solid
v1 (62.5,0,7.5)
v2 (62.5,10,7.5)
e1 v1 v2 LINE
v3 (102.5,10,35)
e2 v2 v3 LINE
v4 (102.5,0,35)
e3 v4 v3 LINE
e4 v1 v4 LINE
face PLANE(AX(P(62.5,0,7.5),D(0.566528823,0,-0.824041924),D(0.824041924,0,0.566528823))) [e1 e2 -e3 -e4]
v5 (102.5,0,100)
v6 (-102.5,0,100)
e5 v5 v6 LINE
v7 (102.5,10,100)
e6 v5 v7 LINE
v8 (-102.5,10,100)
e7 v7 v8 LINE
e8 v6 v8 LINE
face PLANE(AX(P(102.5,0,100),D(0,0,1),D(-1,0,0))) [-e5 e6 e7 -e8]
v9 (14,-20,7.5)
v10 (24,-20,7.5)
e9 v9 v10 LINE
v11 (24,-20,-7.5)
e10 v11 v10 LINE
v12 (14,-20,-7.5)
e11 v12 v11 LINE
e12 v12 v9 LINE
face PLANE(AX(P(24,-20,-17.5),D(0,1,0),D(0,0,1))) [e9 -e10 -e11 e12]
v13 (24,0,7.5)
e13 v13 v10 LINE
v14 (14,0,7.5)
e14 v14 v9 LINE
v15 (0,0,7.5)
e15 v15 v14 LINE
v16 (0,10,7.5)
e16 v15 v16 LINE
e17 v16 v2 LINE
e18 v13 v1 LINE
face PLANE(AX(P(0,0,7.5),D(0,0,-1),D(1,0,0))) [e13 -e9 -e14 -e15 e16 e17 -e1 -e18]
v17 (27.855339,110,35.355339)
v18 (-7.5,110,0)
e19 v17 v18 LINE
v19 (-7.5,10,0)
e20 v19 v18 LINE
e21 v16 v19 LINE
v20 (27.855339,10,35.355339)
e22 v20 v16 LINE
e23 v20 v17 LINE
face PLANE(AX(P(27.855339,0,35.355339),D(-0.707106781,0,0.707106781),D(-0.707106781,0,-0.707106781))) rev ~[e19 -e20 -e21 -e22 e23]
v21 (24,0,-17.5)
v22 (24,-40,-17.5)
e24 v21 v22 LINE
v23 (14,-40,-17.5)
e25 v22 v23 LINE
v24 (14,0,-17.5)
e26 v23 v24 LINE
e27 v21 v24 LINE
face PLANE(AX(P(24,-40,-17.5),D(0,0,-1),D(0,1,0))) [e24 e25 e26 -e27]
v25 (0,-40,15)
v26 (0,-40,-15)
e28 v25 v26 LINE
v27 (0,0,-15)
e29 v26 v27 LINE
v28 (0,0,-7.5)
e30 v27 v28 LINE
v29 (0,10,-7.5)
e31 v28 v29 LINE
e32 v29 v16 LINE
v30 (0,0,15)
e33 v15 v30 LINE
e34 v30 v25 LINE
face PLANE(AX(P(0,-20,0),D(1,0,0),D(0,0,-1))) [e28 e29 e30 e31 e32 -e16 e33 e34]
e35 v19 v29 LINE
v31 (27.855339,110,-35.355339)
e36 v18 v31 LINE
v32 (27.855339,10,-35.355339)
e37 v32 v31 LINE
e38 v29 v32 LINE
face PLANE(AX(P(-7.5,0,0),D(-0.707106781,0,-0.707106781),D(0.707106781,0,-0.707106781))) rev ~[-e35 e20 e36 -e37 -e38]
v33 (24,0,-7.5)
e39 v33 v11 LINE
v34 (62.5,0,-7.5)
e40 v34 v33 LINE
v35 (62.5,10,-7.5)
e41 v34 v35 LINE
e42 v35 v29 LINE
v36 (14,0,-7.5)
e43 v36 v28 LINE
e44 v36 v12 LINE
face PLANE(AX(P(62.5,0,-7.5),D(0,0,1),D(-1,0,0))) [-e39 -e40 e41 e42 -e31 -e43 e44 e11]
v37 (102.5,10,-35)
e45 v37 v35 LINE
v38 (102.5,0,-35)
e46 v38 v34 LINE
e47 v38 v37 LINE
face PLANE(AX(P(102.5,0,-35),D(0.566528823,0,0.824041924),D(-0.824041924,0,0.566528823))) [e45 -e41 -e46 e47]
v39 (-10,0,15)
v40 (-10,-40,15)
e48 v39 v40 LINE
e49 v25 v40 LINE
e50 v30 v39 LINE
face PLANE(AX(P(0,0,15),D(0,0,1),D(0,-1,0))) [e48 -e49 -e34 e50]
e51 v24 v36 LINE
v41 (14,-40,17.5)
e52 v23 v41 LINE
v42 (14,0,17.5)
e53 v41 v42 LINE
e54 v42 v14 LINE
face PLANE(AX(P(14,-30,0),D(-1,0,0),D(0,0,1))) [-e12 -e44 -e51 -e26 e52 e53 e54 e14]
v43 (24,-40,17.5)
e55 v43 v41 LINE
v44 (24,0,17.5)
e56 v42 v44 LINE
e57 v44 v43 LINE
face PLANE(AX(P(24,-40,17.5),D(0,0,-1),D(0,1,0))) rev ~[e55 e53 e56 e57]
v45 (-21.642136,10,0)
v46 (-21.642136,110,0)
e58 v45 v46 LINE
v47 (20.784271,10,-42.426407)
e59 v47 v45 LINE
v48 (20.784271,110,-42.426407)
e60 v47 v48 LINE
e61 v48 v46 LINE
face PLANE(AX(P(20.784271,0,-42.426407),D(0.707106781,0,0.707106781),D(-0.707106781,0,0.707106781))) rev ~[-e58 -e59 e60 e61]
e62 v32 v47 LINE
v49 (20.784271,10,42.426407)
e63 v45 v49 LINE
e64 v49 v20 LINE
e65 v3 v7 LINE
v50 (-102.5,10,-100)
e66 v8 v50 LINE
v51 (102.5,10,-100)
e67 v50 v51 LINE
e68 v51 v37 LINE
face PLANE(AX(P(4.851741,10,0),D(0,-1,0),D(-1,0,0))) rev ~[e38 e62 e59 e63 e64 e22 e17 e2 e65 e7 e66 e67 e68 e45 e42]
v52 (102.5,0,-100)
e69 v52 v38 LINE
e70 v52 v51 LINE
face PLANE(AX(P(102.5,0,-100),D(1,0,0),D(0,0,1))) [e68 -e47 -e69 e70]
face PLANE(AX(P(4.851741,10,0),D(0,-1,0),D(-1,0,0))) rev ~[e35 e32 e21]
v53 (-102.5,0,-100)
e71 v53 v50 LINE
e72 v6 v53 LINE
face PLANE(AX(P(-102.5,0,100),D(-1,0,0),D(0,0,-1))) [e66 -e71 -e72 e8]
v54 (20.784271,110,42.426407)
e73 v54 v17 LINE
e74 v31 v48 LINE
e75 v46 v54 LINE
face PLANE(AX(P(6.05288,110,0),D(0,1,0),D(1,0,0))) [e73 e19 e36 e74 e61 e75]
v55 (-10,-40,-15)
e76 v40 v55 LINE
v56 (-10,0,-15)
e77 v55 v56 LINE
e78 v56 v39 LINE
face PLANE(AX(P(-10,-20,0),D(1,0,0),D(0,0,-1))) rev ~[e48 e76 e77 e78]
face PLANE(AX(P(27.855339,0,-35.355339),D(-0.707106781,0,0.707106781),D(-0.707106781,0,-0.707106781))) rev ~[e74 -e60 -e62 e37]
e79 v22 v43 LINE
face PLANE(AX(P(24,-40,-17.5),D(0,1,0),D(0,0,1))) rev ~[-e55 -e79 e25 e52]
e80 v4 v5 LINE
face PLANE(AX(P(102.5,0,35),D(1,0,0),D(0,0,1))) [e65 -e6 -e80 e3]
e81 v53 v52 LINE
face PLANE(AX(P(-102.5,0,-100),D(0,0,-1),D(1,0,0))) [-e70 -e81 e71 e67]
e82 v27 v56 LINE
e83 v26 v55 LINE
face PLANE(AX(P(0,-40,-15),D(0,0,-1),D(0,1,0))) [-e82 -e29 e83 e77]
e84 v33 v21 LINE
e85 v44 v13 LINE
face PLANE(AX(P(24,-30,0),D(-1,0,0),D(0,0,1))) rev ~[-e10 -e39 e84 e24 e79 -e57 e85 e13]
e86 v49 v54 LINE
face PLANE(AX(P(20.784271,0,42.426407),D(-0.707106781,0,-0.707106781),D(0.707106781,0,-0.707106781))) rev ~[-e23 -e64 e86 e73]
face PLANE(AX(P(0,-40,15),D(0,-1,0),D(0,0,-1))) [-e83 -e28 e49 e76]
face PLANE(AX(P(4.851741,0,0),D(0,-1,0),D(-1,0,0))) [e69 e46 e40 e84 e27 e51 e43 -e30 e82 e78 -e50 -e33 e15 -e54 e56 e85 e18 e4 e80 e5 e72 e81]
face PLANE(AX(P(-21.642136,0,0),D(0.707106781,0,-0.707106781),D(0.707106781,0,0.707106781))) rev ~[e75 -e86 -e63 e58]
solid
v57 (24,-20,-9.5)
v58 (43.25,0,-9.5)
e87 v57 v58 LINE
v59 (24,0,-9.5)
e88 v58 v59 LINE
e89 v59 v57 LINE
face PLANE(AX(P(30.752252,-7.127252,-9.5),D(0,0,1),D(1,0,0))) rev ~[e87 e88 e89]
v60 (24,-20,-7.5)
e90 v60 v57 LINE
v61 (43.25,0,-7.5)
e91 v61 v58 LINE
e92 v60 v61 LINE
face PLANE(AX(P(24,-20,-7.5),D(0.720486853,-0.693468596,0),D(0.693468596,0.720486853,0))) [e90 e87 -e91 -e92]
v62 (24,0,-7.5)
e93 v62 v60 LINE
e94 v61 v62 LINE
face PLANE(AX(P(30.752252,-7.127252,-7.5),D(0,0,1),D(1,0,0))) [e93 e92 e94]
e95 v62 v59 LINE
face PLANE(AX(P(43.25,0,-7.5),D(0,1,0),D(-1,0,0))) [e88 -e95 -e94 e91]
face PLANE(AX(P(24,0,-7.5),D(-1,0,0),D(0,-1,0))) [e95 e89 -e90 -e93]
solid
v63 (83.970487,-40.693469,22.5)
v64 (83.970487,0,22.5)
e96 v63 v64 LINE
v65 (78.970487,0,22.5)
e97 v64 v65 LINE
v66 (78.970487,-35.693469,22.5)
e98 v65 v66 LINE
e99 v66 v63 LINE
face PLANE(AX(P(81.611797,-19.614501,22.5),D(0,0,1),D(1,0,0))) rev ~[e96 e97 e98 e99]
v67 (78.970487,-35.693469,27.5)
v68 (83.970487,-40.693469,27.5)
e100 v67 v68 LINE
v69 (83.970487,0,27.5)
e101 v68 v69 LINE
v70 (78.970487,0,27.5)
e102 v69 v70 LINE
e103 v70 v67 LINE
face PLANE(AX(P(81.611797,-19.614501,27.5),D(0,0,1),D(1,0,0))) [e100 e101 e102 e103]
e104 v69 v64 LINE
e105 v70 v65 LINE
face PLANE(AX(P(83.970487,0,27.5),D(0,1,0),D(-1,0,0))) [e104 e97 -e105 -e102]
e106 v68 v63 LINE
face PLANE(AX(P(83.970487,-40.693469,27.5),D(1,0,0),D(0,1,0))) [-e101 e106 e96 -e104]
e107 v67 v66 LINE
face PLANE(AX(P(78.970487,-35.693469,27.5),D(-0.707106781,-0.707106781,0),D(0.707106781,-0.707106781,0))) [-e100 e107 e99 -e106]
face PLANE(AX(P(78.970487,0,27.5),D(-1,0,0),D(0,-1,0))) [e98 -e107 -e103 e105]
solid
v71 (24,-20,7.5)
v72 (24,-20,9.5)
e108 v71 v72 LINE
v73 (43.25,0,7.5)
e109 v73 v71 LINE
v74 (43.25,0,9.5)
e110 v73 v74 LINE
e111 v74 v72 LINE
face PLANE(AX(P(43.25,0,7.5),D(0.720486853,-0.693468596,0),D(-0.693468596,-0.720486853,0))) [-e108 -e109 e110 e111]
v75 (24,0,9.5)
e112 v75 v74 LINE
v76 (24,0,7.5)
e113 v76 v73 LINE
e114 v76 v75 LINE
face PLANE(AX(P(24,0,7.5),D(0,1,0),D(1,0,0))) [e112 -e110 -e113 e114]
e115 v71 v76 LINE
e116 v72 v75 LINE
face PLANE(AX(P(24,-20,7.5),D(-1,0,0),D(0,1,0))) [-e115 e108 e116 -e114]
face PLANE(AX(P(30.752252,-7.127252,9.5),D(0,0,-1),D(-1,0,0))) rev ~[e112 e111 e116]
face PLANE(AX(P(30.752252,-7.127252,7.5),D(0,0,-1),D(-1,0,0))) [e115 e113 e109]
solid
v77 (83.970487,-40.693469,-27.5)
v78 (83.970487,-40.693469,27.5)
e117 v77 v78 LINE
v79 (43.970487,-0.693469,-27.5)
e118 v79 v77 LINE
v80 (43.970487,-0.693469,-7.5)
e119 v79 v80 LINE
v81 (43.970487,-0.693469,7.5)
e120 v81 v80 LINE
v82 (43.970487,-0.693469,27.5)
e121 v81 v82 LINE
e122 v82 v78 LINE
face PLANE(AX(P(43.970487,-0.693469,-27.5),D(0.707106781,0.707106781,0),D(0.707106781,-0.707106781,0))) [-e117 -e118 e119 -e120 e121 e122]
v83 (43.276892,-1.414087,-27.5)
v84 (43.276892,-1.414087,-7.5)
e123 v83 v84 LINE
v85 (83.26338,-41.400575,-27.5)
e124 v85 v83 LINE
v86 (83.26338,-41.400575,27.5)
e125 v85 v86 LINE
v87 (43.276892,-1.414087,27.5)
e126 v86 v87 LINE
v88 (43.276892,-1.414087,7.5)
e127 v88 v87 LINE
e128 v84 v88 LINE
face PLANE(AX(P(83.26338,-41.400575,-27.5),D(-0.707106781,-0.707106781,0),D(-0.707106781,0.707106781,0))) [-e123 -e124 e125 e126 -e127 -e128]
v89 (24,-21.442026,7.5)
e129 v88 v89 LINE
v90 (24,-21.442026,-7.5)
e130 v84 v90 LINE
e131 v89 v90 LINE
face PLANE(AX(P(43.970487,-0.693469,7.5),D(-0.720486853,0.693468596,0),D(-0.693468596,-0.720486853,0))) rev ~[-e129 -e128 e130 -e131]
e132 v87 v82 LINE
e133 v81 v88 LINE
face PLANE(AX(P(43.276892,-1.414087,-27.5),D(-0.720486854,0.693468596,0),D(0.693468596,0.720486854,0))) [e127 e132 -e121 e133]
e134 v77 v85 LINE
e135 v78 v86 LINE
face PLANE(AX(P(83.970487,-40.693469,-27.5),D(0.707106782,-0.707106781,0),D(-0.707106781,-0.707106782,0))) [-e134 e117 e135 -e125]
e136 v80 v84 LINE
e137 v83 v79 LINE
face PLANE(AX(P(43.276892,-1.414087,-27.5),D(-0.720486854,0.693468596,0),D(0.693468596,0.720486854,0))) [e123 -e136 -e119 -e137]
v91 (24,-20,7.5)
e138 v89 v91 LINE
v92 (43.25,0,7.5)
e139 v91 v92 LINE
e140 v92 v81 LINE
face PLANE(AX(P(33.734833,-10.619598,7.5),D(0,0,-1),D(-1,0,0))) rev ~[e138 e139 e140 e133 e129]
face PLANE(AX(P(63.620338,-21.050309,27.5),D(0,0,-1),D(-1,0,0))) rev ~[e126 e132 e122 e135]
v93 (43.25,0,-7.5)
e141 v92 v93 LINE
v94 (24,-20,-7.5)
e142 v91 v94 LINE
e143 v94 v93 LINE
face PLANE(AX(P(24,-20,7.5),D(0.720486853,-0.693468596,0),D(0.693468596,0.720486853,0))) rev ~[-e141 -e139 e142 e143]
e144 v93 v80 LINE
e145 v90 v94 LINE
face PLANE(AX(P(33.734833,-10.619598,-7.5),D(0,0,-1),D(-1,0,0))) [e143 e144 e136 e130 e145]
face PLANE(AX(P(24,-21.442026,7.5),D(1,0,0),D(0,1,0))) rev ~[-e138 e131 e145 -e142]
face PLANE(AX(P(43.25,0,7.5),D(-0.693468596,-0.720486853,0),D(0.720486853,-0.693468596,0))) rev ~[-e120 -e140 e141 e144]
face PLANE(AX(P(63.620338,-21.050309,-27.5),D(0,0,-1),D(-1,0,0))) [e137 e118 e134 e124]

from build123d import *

# Parameters (mm, degrees)
BOSS_EXTRUDE1_DEPTH       = 10
BOSS_EXTRUDE2_DEPTH       = 110
BOSS_EXTRUDE3_DEPTH       = 10
SKETCH6_W                 = 10
SKETCH6_H                 = 10
BOSS_EXTRUDE4_DEPTH       = 20
SKETCH7_W                 = 35
SKETCH7_H                 = 20
BOSS_EXTRUDE6_DEPTH       = 10
BOSS_EXTRUDE8_DEPTH       = 15
BOSS_EXTRUDE10_DEPTH      = 2
BOSS_EXTRUDE12_DEPTH      = 2
BOSS_EXTRUDE13_DEPTH      = 20
BOSS_EXTRUDE13_DEPTH_BACK = 35
BOSS_EXTRUDE15_DEPTH      = 5


with BuildPart() as part:
    # Sketch1 → Boss-Extrude1 (new body)
    with BuildSketch(Plane(origin=(0, 0, 0), x_dir=(1, 0, 0), z_dir=(0, 1, 0))):
        Polygon((102.5, -35), (102.5, -100), (-102.5, -100), (-102.5, 100), (102.5, 100), (102.5, 35), (62.5, 7.5), (0, 7.5), (0, -7.5), (62.5, -7.5), align=None)
    extrude(amount=BOSS_EXTRUDE1_DEPTH)

    # Sketch2 → Boss-Extrude2 (add)
    with BuildSketch(Plane(origin=(0, 0, 0), x_dir=(1, 0, 0), z_dir=(0, 1, 0))):
        Polygon((-7.5, 0), (0, 7.5), (27.855339059, 35.355339059), (20.784271247, 42.426406871), (-14.571067812, 7.071067812), (-21.642135624, 0), (-14.571067812, -7.071067812), (20.784271247, -42.426406871), (27.855339059, -35.355339059), align=None)
    extrude(amount=BOSS_EXTRUDE2_DEPTH)

    # Sketch4 → Boss-Extrude3 (add)
    with BuildSketch(Plane(origin=(0, 0, 0), x_dir=(0, 0, -1), z_dir=(1, 0, 0))):
        Polygon((-15, -40), (-7.5, -40), (7.5, -40), (15, -40), (15, 0), (-15, 0), align=None)
    extrude(amount=-BOSS_EXTRUDE3_DEPTH)

    # Sketch6 → Boss-Extrude4 (add)
    with BuildSketch(Plane(origin=(0, 0, 0), x_dir=(1, 0, 0), z_dir=(0, 1, 0))):
        with Locations((19, -12.5)):
            Rectangle(SKETCH6_W, SKETCH6_H)
        Polygon((14, 17.5), (14, 15), (14, 7.5), (24, 7.5), (24, 17.5), align=None)
    extrude(amount=-BOSS_EXTRUDE4_DEPTH)

    # Sketch7 → Boss-Extrude6 (add)
    with BuildSketch(Plane.ZY.offset(-24)):
        with Locations((0, -30)):
            Rectangle(SKETCH7_W, SKETCH7_H)
    extrude(amount=BOSS_EXTRUDE6_DEPTH)


with BuildPart() as body_2:
    # Sketch13 → Boss-Extrude8 (new body)
    with BuildSketch(Plane.XY.offset(7.5)):
        Polygon((24, -20), (43.25, 0), (43.970486853, -0.693468596), (24, -21.442026366), align=None)
    extrude(amount=-BOSS_EXTRUDE8_DEPTH)

    # Sketch19 → Boss-Extrude13 (add, two sides: drawn at the far end of the back side and taken through both)
    with BuildSketch(Plane.XY.offset(7.5).offset(-BOSS_EXTRUDE13_DEPTH_BACK)):
        Polygon((43.276891667, -1.414086972), (43.970486853, -0.693468596), (83.970486853, -40.693468596), (83.263380072, -41.400575378), align=None)
    extrude(amount=BOSS_EXTRUDE13_DEPTH + BOSS_EXTRUDE13_DEPTH_BACK)


with BuildPart() as body_3:
    # Sketch15 → Boss-Extrude10 (new body)
    with BuildSketch(Plane.XY.offset(7.5)):
        Polygon((24, -20), (24, 0), (43.25, 0), align=None)
    extrude(amount=BOSS_EXTRUDE10_DEPTH)


with BuildPart() as body_4:
    # Sketch16 → Boss-Extrude12 (new body)
    with BuildSketch(Plane.XY.offset(-7.5)):
        Polygon((24, 0), (24, -20), (43.25, 0), align=None)
    extrude(amount=-BOSS_EXTRUDE12_DEPTH)


with BuildPart() as body_5:
    # Sketch20 → Boss-Extrude15 (new body)
    with BuildSketch(Plane.XY.offset(27.5)):
        Polygon((83.970486853, -40.693468596), (83.970486853, 0), (78.970486853, 0), (78.970486853, -35.693468596), align=None)
    extrude(amount=-BOSS_EXTRUDE15_DEPTH)


solid = Compound([part.part, body_2.part, body_3.part, body_4.part, body_5.part])
